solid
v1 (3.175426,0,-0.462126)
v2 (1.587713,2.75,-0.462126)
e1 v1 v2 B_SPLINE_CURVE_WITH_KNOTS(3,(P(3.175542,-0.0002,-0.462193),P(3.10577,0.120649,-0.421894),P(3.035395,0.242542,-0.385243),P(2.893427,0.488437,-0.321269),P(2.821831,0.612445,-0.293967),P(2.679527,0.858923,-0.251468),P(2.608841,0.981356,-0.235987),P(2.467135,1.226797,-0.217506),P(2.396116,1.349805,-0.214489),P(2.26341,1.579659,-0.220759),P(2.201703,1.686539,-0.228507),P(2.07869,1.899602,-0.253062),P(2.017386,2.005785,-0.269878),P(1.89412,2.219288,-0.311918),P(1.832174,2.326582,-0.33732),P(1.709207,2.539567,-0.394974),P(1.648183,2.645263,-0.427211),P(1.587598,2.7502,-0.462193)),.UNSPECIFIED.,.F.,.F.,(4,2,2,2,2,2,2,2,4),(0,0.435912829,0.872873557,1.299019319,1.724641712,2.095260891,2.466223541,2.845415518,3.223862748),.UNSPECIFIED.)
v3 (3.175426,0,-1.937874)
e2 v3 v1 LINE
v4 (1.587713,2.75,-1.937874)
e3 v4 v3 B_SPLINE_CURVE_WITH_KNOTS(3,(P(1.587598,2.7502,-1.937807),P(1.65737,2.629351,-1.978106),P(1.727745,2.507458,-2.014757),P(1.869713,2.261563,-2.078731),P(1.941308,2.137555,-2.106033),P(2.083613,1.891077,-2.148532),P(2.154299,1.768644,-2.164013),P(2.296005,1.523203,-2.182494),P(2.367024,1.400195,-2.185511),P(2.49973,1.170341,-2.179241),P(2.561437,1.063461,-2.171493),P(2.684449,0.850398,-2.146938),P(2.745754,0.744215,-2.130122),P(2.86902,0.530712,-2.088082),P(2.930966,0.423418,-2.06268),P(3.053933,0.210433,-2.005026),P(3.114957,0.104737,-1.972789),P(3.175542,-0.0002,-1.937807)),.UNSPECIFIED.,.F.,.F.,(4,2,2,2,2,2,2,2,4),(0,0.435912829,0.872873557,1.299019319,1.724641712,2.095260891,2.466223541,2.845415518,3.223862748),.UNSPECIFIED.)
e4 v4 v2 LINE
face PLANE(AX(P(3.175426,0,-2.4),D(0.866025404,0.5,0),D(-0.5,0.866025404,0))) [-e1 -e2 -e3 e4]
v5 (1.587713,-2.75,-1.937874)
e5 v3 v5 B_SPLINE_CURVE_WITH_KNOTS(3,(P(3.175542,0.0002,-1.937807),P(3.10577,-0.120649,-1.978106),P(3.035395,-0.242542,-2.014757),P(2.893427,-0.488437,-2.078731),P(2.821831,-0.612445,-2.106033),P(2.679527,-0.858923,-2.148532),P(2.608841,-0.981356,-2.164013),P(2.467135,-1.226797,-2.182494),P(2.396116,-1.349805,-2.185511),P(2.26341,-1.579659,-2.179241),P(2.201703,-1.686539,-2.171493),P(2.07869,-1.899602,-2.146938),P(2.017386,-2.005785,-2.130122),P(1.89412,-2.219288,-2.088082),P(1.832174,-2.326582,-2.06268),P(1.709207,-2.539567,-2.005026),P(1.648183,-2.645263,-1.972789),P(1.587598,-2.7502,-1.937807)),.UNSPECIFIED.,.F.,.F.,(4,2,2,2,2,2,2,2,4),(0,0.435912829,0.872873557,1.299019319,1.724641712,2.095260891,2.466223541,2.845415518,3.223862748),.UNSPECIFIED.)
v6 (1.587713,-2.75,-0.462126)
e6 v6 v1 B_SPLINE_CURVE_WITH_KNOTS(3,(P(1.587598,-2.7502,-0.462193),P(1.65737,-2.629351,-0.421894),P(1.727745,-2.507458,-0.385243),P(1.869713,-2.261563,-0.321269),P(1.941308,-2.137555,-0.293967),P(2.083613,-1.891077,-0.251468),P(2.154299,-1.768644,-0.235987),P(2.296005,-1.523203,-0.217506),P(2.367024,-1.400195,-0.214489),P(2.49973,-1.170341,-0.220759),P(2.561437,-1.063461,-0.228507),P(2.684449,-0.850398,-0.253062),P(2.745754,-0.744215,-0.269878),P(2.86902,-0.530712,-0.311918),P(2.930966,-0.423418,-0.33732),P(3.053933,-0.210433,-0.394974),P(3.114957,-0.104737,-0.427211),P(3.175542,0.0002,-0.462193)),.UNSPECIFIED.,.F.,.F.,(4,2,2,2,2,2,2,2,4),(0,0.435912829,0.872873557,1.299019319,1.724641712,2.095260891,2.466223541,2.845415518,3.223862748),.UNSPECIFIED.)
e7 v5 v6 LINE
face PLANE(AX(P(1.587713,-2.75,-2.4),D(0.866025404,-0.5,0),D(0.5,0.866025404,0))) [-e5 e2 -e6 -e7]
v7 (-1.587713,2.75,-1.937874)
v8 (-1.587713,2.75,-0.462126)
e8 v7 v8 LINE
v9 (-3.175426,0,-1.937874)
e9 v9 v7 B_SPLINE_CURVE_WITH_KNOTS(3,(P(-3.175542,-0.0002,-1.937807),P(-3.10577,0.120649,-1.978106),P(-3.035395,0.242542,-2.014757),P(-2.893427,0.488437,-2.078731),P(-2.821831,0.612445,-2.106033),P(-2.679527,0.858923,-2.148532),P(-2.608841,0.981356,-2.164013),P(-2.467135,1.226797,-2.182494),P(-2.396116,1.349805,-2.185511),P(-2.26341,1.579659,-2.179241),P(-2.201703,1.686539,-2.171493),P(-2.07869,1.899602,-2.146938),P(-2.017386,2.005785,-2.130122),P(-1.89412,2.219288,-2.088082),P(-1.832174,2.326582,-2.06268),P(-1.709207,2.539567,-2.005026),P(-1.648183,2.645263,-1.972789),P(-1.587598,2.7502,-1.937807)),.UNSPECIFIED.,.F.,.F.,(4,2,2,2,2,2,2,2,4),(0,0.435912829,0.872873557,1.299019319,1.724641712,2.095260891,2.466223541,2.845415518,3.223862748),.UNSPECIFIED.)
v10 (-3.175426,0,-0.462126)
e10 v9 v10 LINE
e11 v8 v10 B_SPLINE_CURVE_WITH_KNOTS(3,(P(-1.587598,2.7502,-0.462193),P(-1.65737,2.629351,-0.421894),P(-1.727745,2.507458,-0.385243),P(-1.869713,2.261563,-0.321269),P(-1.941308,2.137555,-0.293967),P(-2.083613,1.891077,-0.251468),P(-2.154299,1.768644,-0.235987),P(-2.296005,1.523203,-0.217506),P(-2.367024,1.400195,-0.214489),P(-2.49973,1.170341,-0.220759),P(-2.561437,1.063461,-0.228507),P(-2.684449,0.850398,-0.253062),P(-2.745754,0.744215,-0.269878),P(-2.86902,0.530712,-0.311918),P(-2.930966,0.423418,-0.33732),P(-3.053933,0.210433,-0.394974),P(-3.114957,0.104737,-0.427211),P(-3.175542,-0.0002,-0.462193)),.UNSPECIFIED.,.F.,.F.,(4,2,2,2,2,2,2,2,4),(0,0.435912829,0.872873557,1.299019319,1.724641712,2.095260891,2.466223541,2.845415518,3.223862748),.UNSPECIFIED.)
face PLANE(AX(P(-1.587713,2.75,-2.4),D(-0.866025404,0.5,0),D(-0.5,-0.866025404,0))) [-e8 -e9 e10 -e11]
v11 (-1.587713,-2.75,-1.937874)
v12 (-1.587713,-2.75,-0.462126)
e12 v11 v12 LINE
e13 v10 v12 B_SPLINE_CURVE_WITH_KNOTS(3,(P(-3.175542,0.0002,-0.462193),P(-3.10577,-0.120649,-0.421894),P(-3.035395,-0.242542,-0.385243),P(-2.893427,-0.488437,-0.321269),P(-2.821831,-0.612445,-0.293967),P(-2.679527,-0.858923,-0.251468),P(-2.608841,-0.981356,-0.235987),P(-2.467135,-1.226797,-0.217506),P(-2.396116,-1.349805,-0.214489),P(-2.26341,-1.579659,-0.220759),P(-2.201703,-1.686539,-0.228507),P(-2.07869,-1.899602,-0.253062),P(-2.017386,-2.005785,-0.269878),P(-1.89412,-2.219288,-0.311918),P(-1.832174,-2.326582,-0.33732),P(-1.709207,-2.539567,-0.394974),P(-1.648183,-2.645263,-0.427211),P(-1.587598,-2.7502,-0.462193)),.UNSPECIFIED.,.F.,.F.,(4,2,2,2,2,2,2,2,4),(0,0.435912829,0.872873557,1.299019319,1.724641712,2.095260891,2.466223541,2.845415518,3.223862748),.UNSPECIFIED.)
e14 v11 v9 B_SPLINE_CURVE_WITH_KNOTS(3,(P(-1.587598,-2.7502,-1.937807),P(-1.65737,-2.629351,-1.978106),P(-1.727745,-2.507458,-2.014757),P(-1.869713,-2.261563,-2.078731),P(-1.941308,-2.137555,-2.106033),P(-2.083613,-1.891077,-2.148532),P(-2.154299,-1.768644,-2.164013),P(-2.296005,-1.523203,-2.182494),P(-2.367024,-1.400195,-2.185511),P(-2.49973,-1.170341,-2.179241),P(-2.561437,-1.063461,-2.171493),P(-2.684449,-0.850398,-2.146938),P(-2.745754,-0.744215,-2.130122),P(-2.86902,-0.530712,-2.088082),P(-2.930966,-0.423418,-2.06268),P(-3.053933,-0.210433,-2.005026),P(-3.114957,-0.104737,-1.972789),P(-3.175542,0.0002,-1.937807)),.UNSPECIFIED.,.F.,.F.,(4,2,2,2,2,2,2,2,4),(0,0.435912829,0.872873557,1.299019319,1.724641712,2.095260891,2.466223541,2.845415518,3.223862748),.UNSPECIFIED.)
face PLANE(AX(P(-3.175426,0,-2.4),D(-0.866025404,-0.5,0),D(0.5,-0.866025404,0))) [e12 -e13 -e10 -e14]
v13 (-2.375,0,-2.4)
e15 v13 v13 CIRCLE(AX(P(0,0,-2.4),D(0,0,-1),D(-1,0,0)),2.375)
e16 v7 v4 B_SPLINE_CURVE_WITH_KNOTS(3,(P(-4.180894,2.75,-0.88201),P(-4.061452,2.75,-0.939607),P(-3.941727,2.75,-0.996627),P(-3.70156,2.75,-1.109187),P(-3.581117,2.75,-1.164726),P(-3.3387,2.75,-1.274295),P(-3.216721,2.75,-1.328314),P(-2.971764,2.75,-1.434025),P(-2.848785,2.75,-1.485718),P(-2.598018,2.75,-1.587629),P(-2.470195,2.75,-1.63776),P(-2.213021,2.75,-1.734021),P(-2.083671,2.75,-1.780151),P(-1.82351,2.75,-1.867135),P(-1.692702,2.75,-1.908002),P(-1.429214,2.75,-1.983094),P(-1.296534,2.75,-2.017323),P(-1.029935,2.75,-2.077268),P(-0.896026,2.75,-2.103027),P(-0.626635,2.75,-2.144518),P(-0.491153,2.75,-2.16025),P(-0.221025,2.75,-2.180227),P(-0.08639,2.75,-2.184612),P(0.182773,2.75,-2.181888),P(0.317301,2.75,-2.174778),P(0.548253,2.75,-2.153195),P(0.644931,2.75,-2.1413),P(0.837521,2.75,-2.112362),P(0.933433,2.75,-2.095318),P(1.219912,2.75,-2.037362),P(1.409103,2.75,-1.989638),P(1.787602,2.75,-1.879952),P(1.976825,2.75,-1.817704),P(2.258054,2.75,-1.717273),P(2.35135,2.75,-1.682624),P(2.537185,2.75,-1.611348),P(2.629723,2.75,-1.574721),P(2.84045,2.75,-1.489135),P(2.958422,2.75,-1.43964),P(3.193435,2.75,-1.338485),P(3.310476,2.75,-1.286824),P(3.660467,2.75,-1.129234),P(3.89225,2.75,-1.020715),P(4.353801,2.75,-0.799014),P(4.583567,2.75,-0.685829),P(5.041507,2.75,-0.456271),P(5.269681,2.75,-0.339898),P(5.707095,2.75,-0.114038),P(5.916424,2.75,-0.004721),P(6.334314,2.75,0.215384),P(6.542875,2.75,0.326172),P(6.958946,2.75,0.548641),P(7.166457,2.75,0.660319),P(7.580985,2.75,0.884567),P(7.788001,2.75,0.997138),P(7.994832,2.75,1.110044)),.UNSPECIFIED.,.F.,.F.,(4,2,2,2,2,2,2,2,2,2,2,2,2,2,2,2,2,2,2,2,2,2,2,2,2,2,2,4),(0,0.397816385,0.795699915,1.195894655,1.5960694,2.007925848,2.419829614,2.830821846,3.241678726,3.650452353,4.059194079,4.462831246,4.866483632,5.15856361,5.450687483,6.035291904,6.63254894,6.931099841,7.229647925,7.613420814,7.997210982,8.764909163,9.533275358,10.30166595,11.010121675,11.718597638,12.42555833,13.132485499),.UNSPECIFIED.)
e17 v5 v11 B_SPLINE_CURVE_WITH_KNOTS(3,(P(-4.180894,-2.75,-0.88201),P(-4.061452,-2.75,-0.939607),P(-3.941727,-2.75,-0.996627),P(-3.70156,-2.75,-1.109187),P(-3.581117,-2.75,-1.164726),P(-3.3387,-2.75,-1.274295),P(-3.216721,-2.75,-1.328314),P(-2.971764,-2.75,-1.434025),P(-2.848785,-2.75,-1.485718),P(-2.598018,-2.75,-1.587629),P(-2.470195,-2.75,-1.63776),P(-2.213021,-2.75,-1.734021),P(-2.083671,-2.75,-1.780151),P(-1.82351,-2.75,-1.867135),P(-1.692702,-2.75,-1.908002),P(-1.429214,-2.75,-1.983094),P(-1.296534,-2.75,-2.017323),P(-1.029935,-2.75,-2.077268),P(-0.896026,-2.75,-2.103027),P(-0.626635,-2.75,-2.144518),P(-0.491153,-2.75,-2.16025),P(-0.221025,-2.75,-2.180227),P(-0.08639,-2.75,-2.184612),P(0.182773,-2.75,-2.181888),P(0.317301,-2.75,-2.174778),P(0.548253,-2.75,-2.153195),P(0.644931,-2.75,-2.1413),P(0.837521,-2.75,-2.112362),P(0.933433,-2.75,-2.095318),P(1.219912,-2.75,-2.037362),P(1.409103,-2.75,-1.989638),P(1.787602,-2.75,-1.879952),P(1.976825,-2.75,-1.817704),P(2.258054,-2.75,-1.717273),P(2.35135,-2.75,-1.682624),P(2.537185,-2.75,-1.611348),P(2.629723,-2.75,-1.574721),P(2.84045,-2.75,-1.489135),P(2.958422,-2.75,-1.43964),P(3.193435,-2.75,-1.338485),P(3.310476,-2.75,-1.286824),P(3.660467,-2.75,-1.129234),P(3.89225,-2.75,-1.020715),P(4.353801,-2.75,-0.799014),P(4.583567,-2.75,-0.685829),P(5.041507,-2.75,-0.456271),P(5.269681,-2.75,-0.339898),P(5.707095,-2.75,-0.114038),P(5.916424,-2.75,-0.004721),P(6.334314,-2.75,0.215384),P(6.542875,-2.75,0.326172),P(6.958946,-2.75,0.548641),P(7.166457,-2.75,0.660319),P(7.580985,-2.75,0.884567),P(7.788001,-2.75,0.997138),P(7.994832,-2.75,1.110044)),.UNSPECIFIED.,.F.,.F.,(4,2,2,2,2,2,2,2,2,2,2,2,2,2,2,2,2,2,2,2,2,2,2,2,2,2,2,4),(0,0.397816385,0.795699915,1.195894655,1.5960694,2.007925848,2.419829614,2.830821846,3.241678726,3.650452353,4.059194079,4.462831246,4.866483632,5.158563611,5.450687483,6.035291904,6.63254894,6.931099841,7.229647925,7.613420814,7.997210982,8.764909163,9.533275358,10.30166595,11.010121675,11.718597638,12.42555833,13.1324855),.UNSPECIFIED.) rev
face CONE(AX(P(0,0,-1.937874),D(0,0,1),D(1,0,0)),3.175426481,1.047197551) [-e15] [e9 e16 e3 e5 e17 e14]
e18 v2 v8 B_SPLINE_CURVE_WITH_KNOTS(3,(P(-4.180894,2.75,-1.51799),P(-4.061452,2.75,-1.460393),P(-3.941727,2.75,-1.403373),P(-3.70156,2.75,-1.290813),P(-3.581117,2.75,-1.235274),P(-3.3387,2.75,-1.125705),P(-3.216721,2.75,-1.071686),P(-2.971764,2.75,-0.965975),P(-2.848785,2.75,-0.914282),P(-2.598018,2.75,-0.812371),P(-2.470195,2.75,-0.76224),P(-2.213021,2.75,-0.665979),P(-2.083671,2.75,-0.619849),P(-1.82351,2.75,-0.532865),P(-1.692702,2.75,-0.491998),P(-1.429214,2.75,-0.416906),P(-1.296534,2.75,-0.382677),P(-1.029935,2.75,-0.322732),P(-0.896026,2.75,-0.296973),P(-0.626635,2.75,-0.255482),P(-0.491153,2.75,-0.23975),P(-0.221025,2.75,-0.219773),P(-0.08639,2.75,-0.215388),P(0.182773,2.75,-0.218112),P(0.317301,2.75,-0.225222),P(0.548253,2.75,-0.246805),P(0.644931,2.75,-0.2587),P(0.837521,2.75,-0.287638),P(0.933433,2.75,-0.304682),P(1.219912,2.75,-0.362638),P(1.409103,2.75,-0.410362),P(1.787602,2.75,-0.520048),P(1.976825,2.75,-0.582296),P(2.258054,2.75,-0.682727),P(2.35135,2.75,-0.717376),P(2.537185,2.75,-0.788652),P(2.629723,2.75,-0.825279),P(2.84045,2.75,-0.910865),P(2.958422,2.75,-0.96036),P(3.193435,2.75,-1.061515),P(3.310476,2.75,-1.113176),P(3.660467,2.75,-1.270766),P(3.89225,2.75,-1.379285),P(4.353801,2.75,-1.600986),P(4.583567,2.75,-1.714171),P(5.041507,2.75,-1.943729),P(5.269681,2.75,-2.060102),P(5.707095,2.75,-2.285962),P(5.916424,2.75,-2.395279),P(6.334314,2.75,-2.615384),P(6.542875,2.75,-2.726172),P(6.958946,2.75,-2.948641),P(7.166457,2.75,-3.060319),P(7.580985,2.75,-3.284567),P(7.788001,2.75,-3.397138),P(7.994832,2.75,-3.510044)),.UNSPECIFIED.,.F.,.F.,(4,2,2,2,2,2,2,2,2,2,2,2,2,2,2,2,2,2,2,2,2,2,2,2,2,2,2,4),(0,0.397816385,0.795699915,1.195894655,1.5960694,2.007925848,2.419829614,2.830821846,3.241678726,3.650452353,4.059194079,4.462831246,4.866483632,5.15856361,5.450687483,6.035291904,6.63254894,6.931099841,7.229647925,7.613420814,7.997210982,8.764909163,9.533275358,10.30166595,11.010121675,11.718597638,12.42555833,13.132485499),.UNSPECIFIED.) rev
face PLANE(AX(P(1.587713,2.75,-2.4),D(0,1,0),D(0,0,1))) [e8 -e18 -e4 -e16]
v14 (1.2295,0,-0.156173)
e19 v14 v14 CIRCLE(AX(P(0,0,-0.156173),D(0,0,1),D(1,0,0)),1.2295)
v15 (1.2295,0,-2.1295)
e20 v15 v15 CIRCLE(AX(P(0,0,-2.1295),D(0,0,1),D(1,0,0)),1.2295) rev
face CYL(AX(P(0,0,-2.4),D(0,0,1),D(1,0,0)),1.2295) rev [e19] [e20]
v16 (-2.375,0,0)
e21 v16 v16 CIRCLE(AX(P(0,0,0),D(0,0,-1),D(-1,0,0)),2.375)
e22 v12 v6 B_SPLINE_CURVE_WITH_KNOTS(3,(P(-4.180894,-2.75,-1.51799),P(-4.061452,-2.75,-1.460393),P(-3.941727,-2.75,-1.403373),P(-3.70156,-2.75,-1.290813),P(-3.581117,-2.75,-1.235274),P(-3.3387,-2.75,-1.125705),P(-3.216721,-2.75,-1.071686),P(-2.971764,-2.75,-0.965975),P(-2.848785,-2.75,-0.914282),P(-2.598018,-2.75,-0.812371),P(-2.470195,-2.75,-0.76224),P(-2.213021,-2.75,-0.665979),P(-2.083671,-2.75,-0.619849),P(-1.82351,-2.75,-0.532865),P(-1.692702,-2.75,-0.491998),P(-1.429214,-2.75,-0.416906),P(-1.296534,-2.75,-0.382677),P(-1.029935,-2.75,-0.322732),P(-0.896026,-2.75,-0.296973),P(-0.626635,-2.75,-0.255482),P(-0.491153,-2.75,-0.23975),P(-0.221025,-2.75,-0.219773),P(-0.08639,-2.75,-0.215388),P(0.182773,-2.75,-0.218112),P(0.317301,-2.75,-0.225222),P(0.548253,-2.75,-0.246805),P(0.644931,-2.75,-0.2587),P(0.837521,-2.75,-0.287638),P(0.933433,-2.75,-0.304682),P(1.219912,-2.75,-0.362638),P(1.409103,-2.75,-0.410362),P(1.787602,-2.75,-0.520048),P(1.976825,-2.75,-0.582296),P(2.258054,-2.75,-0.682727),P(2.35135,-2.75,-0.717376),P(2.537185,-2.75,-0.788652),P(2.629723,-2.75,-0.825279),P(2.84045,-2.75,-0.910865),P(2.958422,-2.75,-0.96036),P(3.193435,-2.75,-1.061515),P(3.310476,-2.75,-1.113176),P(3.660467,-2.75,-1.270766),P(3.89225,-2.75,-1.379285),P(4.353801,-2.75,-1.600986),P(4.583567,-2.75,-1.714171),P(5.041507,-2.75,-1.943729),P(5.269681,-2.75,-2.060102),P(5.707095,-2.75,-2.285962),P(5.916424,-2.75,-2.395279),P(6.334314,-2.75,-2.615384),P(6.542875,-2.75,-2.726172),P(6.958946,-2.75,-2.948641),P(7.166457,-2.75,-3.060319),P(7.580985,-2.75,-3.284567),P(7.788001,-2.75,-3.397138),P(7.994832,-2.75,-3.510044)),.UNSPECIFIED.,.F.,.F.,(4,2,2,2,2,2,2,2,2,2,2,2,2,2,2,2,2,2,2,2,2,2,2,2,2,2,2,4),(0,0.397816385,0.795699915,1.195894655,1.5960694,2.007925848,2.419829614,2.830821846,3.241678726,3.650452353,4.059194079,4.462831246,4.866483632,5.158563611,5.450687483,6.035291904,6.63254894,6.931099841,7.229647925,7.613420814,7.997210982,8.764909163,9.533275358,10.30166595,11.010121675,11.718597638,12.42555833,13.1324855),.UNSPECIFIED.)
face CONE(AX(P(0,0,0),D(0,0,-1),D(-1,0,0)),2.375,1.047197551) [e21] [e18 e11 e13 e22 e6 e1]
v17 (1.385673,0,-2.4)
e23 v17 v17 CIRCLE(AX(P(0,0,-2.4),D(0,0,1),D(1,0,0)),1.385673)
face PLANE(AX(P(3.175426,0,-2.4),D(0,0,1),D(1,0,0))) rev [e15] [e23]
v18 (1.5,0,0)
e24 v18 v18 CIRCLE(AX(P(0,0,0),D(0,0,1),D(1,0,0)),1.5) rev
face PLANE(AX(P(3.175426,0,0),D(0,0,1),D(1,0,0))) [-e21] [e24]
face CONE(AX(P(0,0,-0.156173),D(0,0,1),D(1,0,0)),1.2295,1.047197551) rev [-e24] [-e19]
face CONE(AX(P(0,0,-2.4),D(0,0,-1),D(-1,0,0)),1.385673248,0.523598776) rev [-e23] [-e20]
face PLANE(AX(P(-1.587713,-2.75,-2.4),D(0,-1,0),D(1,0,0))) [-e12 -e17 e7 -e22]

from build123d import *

# Parameters (mm, degrees)
SKETCH1_R               = 1.2295
BASENUT_DEPTH           = 2.4
ENDCHAMFER_SIZE         = 0.2705
ENDCHAMFER_SIZE2        = 0.156173248
ENDCHAMFER_PART_2_SIZE  = 0.2705
ENDCHAMFER_PART_2_SIZE2 = 0.156173248


with BuildPart() as part:
    # Sketch1 → BaseNut (new body)
    with BuildSketch(Plane.XY):
        Polygon((3.175426481, 0), (1.58771324, 2.75), (-1.58771324, 2.75), (-3.175426481, 0), (-1.58771324, -2.75), (1.58771324, -2.75), align=None)
        Circle(SKETCH1_R, mode=Mode.SUBTRACT)
    extrude(amount=-BASENUT_DEPTH)

    # Sketch2 → Double-Chamfer (revolve, cut)
    with BuildSketch(Plane(origin=(0, 0, 0), x_dir=(1, 0, 0), z_dir=(0, 1, 0))):
        Polygon((-3.175426481, 2.4), (-2.375, 2.4), (-3.175426481, 1.937873556), align=None)
        Polygon((-3.175426481, 0.462126444), (-3.175426481, 0), (-2.375, 0), align=None)
    revolve(axis=Axis((0, 0, -3.375940562), (0, 0, 1)), mode=Mode.SUBTRACT)

    # EndChamfer
    endchamfer_edges = [part.edges().sort_by_distance(p)[0] for p in [
        (-1.2295, 0, -2.4),
    ]]
    endchamfer_side = [part.faces().sort_by_distance(p)[0] for p in [
        (-1.2295, 0, -1.2),
    ]]
    chamfer(endchamfer_edges, length=ENDCHAMFER_SIZE, length2=ENDCHAMFER_SIZE2, reference=endchamfer_side[0])

    # EndChamfer part 2
    endchamfer_part_2_edges = [part.edges().sort_by_distance(p)[0] for p in [
        (-1.2295, 0, 0),
    ]]
    endchamfer_part_2_side = [part.faces().sort_by_distance(p)[0] for p in [
        (2.307824856, 0, 0),
    ]]
    chamfer(endchamfer_part_2_edges, length=ENDCHAMFER_PART_2_SIZE, length2=ENDCHAMFER_PART_2_SIZE2, reference=endchamfer_part_2_side[0])


solid = part.part
